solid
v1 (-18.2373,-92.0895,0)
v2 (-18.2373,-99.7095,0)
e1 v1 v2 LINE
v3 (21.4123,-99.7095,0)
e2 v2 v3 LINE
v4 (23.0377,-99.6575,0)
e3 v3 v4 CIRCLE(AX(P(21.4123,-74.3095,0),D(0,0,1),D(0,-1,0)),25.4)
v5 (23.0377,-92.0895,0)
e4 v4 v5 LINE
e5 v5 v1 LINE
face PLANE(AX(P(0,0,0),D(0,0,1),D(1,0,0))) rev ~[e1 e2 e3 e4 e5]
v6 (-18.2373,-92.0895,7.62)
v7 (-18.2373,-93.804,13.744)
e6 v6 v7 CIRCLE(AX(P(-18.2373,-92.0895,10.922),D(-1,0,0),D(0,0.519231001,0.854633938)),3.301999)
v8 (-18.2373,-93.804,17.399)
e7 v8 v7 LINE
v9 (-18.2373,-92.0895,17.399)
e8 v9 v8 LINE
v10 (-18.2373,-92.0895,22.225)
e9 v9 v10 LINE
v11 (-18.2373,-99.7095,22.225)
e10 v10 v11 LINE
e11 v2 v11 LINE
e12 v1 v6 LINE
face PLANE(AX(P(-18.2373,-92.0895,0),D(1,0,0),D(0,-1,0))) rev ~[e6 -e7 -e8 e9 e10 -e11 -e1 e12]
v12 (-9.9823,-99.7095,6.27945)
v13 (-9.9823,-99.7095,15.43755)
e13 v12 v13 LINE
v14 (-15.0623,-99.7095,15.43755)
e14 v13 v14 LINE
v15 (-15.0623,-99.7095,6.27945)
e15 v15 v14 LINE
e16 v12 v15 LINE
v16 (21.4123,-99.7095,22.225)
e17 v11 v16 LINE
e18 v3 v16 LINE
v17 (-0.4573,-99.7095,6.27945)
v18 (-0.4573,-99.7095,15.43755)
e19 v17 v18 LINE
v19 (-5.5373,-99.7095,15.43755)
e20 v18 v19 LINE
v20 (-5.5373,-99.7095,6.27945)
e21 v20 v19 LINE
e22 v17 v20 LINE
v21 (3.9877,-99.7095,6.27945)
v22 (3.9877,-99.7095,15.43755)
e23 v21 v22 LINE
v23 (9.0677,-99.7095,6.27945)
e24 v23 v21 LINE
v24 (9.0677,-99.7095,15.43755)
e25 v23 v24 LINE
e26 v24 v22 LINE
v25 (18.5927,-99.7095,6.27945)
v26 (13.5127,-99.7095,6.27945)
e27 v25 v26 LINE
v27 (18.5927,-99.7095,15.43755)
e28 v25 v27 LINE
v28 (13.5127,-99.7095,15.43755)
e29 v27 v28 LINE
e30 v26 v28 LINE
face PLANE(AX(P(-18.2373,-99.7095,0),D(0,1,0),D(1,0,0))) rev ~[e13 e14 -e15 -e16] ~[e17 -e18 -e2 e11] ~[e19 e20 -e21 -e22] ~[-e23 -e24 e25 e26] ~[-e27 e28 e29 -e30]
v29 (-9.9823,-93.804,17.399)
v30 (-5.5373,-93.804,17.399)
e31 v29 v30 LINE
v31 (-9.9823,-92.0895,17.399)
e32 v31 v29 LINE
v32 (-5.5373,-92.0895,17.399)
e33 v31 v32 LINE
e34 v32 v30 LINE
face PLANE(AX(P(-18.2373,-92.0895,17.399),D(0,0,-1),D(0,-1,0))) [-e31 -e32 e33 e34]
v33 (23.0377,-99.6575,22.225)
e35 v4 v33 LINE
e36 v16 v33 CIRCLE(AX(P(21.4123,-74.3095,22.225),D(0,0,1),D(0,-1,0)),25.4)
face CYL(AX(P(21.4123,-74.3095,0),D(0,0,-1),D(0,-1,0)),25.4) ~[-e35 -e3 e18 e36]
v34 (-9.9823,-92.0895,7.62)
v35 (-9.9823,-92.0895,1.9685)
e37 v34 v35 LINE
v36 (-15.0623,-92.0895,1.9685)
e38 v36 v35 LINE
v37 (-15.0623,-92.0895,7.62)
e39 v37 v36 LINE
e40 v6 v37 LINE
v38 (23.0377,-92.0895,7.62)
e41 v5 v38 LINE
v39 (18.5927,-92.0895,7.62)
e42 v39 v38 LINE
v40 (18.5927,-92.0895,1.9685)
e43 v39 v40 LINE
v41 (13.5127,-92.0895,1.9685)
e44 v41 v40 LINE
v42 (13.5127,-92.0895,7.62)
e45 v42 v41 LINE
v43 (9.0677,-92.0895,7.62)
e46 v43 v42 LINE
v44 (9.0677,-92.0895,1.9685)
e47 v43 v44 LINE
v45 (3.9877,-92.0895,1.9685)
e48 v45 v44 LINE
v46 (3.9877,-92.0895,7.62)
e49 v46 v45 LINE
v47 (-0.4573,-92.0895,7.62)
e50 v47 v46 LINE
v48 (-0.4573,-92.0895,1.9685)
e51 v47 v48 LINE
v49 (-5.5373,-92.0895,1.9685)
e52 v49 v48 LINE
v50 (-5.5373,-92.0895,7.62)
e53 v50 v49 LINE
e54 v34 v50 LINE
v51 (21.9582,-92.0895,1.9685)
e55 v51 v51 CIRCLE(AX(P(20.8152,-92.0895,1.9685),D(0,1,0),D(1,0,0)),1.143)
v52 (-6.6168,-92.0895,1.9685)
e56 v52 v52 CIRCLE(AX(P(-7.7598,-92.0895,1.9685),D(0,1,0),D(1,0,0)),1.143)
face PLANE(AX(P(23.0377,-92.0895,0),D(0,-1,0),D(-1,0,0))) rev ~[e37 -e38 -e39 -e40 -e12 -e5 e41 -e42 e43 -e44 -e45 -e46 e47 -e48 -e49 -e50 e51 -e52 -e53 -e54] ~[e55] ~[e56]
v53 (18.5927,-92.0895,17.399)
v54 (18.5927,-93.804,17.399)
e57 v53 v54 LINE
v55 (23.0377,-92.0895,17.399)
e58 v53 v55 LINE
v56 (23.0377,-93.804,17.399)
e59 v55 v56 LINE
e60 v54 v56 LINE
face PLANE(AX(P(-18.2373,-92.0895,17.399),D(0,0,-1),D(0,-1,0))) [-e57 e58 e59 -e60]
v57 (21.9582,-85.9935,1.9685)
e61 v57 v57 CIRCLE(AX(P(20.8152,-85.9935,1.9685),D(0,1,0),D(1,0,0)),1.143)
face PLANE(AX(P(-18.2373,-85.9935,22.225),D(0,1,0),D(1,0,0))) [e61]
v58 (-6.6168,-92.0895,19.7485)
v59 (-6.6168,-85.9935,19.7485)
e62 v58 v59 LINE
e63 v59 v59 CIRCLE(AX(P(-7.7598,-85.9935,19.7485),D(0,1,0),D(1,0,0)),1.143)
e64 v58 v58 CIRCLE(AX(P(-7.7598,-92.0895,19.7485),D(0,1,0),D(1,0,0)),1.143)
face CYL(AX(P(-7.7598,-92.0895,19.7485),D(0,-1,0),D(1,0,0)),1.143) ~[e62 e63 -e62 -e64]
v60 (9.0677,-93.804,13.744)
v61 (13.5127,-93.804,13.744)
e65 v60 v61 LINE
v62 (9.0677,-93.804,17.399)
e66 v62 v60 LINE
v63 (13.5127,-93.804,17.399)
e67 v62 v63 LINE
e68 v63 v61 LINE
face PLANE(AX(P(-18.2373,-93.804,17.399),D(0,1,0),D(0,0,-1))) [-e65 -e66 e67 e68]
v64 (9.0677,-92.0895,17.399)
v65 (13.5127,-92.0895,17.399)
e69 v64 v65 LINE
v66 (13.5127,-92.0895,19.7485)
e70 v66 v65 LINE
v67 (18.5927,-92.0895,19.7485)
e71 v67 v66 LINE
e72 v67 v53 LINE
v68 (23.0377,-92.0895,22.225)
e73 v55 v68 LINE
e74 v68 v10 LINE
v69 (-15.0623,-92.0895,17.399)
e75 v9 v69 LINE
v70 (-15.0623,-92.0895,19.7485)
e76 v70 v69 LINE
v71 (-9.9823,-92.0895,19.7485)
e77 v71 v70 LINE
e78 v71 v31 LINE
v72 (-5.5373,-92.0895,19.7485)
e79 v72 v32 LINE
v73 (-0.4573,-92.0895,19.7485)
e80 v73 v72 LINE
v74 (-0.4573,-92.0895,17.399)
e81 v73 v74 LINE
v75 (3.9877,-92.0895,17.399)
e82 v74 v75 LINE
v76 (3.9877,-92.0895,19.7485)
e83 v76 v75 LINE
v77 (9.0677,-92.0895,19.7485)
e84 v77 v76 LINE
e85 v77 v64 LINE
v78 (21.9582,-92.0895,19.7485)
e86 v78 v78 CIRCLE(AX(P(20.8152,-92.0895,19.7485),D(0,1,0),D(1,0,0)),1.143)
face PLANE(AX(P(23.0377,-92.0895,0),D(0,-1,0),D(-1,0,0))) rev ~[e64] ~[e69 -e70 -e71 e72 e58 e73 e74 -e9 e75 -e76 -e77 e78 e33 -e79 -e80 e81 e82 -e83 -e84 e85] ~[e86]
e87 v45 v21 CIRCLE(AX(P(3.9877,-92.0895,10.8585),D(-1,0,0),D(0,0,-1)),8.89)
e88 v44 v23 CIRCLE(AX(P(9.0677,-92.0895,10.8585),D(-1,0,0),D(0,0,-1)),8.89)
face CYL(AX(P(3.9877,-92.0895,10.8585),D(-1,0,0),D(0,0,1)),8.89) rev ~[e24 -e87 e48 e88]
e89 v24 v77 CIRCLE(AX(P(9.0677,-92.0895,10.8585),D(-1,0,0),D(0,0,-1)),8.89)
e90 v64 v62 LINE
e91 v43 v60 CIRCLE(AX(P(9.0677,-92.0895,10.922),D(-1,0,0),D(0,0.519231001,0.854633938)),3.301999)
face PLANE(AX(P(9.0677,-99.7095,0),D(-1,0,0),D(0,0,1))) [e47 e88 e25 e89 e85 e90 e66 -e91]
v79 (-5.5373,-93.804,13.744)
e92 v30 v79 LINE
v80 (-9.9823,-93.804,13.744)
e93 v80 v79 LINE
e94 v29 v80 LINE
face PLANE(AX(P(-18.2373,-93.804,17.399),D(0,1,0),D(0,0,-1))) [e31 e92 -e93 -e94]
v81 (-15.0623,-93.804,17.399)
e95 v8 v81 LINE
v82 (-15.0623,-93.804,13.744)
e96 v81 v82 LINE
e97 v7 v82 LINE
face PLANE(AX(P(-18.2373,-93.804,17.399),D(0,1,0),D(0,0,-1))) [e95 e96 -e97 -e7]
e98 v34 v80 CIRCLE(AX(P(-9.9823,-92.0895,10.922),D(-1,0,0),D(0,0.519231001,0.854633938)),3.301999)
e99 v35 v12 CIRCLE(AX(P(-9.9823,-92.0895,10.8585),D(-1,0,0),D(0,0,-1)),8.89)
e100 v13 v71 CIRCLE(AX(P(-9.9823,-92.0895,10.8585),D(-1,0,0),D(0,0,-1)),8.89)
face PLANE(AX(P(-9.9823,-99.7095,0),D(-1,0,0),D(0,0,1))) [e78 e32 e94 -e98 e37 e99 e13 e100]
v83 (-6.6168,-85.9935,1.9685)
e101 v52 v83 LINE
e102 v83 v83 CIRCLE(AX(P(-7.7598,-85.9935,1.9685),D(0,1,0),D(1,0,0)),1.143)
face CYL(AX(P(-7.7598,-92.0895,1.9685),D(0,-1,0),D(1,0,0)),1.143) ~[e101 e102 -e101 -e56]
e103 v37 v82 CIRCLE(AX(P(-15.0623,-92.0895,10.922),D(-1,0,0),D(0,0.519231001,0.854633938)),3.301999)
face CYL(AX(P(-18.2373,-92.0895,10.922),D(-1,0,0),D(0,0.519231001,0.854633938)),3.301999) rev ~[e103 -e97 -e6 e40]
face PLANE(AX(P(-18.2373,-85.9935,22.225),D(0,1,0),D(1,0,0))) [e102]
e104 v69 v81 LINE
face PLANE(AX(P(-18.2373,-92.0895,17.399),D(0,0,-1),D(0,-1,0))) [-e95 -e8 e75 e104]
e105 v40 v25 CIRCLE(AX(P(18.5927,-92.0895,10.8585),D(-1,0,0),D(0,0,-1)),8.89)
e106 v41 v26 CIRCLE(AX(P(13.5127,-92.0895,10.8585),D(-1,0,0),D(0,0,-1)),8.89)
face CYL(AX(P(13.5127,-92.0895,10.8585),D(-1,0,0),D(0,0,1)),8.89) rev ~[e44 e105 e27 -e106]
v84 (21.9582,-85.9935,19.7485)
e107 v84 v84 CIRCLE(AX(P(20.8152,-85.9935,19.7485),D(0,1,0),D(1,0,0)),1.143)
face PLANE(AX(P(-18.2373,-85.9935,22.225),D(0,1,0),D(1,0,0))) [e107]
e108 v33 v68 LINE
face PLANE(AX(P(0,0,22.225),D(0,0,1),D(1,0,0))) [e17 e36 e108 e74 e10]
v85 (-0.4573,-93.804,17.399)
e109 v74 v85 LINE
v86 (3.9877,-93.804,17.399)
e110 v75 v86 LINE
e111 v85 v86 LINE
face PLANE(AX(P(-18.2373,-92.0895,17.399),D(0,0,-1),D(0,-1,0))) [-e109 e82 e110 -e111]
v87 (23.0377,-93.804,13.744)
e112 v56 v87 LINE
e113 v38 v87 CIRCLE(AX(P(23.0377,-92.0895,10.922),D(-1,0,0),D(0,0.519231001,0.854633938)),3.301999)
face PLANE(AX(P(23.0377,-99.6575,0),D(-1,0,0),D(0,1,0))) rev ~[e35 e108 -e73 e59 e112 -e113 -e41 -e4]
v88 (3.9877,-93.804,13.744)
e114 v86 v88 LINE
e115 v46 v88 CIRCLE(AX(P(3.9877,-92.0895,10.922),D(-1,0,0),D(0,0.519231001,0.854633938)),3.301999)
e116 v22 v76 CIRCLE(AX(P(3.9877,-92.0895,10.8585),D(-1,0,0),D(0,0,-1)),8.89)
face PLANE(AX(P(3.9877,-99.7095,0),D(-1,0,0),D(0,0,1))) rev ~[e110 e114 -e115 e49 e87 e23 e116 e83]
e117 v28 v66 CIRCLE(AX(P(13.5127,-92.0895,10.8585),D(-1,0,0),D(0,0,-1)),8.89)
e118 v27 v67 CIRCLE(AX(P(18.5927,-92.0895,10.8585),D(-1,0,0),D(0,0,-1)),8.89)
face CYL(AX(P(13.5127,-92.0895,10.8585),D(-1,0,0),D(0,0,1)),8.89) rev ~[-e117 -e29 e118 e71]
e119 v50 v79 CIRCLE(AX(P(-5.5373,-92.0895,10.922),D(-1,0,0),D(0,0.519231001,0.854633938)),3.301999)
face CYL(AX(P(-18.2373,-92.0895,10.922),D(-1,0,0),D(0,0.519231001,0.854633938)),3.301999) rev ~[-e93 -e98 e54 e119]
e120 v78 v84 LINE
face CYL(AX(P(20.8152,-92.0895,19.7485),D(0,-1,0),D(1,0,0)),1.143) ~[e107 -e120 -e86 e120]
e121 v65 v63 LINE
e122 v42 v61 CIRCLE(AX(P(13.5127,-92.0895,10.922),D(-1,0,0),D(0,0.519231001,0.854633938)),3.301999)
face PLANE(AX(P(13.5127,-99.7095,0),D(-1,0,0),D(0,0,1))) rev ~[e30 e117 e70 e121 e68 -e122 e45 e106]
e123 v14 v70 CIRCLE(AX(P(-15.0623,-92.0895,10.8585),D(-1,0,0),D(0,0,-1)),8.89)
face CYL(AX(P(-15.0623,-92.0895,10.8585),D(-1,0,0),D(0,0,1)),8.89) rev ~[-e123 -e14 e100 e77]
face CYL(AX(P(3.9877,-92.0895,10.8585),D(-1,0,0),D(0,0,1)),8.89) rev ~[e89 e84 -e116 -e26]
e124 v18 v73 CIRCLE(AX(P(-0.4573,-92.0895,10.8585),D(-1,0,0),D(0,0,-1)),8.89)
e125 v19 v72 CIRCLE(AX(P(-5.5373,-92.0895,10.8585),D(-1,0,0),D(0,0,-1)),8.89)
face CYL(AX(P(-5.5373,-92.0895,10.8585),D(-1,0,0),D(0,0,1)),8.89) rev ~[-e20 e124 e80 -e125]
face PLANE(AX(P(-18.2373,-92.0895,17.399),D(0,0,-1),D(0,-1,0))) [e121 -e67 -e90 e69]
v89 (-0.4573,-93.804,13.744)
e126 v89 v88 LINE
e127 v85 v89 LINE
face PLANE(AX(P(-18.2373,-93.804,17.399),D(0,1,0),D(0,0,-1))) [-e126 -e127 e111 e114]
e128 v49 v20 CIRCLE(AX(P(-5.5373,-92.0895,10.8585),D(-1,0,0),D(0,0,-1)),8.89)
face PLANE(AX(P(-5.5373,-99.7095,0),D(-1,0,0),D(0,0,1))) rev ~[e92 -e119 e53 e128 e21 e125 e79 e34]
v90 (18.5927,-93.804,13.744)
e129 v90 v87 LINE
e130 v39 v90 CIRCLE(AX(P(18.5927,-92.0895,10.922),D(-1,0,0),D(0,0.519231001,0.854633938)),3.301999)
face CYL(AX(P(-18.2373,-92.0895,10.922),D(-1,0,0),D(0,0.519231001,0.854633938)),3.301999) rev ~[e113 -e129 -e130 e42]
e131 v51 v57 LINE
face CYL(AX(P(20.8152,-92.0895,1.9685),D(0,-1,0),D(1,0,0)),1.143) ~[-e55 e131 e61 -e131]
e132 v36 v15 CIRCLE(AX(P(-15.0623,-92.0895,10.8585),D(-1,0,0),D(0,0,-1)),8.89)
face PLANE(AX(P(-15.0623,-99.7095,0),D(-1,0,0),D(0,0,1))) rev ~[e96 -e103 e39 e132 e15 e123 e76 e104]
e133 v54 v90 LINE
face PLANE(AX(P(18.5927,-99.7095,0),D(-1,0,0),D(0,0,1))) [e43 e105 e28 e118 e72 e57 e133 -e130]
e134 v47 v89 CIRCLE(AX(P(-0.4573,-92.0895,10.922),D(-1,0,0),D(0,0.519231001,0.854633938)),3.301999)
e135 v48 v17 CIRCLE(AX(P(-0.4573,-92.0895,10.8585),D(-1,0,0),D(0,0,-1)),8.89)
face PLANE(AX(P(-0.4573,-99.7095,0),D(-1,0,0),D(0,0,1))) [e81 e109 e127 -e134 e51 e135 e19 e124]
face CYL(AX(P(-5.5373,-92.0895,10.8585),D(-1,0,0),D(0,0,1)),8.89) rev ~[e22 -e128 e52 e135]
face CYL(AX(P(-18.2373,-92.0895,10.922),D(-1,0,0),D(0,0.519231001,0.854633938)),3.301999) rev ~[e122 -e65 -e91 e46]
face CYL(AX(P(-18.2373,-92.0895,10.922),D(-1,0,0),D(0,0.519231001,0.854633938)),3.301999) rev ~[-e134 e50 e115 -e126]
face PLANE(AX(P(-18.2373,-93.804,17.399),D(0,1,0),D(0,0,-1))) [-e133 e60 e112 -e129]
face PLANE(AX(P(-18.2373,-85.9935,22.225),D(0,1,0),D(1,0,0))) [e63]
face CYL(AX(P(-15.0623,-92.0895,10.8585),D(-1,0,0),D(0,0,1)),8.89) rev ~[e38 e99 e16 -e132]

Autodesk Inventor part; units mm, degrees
ref_plane "YZ Plane" through (0, 0, 0) normal (1, 0, 0) x (0, 1, 0)
ref_plane "XZ Plane" through (0, 0, 0) normal (0, 1, 0) x (-1, 0, 0)
sketch "Sketch1" plane through (0, 0, 0) normal (0, 0, 1) x (1, 0, 0)
  arc A0 (-18.2373, -76.3503) -> (26.9537, -71.5105) centre (0, -33.2365) ccw projected
  line L0 (26.9537, -71.5105) -> (46.8123, -71.5105) projected
  line L1 (46.8123, -71.5105) -> (46.8123, -74.3095) projected
  arc A1 (23.0377, -99.6575) -> (46.8123, -74.3095) centre (21.4123, -74.3095) ccw projected
  line L2 (23.0377, -99.6575) -> (23.0377, -92.0895) projected
  line L3 (23.0377, -92.0895) -> (-18.2373, -92.0895) projected
  line L4 (-18.2373, -76.3503) -> (-18.2373, -92.0895) projected
  arc A2 (21.4123, -99.7095) -> (46.8123, -74.3095) centre (21.4123, -74.3095) ccw projected
  line L5 (46.8123, -74.3095) -> (46.8123, -71.5105) projected
  line L6 (46.8123, -71.5105) -> (26.9537, -71.5105) projected
  arc A3 (-26.9537, -71.5105) -> (26.9537, -71.5105) centre (0, -33.2365) ccw projected
  line L7 (-26.9537, -71.5105) -> (-46.8123, -71.5105) projected
  line L8 (-46.8123, -71.5105) -> (-46.8123, -74.3095) projected
  arc A4 (-46.8123, -74.3095) -> (-21.4123, -99.7095) centre (-21.4123, -74.3095) ccw projected
  line L9 (-21.4123, -99.7095) -> (21.4123, -99.7095) projected
  line L10 (-18.2373, -92.0895) -> (-18.2373, -99.7095)
  line L11 (-18.2373, -92.0895) -> (23.0377, -92.0895)
  line L12 (23.0377, -92.0895) -> (23.0377, -99.6575)
  point P0 (0, 0)
ref_plane "Work Plane1" through (-46.8123, -99.7095, 22.225) normal (0, 0, -1) x (0, 1, 0)
extrude "Extrusion1" add sketch "Sketch1" along normal up to surface (22.225 mm away) contours L3 L2 A2 L9 L10
sketch "Sketch2" plane through (-18.2373, -92.0895, 22.225) normal (0, 1, 0) x (1, 0, 0)
  circle A0 centre (39.0525, 2.4765) radius 1.27 projected
  circle A1 centre (39.0525, 20.2565) radius 1.27 projected
  circle A2 centre (10.4775, 20.2565) radius 1.27 projected
  circle A3 centre (10.4775, 2.4765) radius 1.27 projected
  circle A4 centre (39.0525, 2.4765) radius 1.143
  circle A5 centre (39.0525, 20.2565) radius 1.143
  circle A6 centre (10.4775, 2.4765) radius 1.143
  circle A7 centre (10.4775, 20.2565) radius 1.143
  point P0 (18.2373, 22.225)
  dimension "d4" = 0.127
  dimension "d5" = 0.127
  dimension "d6" = 0.127
  dimension "d7" = 0.127
extrude "Extrusion2" add sketch "Sketch2" along normal blind 6.096 contours A4 | A5 | A6 | A7
ref_plane "Work Plane2" through (-15.0623, -99.7095, 0) normal (-1, 0, 0) x (0, 0, 1)
sketch "Sketch3" plane through (-15.0623, -99.7095, 0) normal (-1, 0, 0) x (0, 0, 1)
  arc A0 (8.8042, -0.8832) -> (13.0521, -0.8802) centre (10.922, 7.62) ccw projected
  circle A1 centre (10.922, 7.62) radius 3.175 projected
  line L0 (13.744, 9.3345) -> (17.399, 9.3345) projected
  line L1 (17.399, 9.3345) -> (17.399, 7.62) projected
  line L2 (17.399, 9.3345) -> (17.399, 5.9055) projected
  line L3 (17.399, 5.9055) -> (13.744, 5.9055) projected
  arc A2 (13.744, 9.3345) -> (13.744, 5.9055) centre (10.922, 7.62) ccw projected
  arc A3 (19.7485, 7.62) -> (1.9685, 7.62) centre (10.8585, 7.62) ccw projected
  arc A4 (1.9685, 7.62) -> (19.7485, 7.62) centre (10.8585, 7.62) ccw
  line L4 (19.7485, 7.62) -> (17.399, 7.62)
  line L5 (18.6055, 7.62) -> (20.8915, 7.62) projected
  line L6 (0, 7.62) -> (22.225, 7.62) projected
  line L7 (7.62, 7.62) -> (1.9685, 7.62)
  point P0 (0, 99.7095)
extrude "Extrusion3" cut sketch "Sketch3" against normal blind 5.08
pattern_linear "Rectangular Pattern1" count 4 spacing 9.525 along (1, 0, 0) of "Extrusion3"
sketch "Sketch4" plane through (-18.2373, -99.7095, 0) normal (-1, 0, 0) x (0, 0, 1)
  line L0 (17.399, 9.3345) -> (17.399, 5.9055) projected
  line L1 (17.399, 5.9055) -> (13.744, 5.9055) projected
  arc A0 (13.744, 9.3345) -> (13.744, 5.9055) centre (10.922, 7.62) ccw projected
  line L2 (1.9685, 7.62) -> (19.7485, 7.62) projected
  line L3 (17.399, 7.62) -> (7.62, 7.62)
  point P0 (0, 99.7095)
extrude "Extrusion4" cut sketch "Sketch4" against normal through all
properties part number "lock housing front"
